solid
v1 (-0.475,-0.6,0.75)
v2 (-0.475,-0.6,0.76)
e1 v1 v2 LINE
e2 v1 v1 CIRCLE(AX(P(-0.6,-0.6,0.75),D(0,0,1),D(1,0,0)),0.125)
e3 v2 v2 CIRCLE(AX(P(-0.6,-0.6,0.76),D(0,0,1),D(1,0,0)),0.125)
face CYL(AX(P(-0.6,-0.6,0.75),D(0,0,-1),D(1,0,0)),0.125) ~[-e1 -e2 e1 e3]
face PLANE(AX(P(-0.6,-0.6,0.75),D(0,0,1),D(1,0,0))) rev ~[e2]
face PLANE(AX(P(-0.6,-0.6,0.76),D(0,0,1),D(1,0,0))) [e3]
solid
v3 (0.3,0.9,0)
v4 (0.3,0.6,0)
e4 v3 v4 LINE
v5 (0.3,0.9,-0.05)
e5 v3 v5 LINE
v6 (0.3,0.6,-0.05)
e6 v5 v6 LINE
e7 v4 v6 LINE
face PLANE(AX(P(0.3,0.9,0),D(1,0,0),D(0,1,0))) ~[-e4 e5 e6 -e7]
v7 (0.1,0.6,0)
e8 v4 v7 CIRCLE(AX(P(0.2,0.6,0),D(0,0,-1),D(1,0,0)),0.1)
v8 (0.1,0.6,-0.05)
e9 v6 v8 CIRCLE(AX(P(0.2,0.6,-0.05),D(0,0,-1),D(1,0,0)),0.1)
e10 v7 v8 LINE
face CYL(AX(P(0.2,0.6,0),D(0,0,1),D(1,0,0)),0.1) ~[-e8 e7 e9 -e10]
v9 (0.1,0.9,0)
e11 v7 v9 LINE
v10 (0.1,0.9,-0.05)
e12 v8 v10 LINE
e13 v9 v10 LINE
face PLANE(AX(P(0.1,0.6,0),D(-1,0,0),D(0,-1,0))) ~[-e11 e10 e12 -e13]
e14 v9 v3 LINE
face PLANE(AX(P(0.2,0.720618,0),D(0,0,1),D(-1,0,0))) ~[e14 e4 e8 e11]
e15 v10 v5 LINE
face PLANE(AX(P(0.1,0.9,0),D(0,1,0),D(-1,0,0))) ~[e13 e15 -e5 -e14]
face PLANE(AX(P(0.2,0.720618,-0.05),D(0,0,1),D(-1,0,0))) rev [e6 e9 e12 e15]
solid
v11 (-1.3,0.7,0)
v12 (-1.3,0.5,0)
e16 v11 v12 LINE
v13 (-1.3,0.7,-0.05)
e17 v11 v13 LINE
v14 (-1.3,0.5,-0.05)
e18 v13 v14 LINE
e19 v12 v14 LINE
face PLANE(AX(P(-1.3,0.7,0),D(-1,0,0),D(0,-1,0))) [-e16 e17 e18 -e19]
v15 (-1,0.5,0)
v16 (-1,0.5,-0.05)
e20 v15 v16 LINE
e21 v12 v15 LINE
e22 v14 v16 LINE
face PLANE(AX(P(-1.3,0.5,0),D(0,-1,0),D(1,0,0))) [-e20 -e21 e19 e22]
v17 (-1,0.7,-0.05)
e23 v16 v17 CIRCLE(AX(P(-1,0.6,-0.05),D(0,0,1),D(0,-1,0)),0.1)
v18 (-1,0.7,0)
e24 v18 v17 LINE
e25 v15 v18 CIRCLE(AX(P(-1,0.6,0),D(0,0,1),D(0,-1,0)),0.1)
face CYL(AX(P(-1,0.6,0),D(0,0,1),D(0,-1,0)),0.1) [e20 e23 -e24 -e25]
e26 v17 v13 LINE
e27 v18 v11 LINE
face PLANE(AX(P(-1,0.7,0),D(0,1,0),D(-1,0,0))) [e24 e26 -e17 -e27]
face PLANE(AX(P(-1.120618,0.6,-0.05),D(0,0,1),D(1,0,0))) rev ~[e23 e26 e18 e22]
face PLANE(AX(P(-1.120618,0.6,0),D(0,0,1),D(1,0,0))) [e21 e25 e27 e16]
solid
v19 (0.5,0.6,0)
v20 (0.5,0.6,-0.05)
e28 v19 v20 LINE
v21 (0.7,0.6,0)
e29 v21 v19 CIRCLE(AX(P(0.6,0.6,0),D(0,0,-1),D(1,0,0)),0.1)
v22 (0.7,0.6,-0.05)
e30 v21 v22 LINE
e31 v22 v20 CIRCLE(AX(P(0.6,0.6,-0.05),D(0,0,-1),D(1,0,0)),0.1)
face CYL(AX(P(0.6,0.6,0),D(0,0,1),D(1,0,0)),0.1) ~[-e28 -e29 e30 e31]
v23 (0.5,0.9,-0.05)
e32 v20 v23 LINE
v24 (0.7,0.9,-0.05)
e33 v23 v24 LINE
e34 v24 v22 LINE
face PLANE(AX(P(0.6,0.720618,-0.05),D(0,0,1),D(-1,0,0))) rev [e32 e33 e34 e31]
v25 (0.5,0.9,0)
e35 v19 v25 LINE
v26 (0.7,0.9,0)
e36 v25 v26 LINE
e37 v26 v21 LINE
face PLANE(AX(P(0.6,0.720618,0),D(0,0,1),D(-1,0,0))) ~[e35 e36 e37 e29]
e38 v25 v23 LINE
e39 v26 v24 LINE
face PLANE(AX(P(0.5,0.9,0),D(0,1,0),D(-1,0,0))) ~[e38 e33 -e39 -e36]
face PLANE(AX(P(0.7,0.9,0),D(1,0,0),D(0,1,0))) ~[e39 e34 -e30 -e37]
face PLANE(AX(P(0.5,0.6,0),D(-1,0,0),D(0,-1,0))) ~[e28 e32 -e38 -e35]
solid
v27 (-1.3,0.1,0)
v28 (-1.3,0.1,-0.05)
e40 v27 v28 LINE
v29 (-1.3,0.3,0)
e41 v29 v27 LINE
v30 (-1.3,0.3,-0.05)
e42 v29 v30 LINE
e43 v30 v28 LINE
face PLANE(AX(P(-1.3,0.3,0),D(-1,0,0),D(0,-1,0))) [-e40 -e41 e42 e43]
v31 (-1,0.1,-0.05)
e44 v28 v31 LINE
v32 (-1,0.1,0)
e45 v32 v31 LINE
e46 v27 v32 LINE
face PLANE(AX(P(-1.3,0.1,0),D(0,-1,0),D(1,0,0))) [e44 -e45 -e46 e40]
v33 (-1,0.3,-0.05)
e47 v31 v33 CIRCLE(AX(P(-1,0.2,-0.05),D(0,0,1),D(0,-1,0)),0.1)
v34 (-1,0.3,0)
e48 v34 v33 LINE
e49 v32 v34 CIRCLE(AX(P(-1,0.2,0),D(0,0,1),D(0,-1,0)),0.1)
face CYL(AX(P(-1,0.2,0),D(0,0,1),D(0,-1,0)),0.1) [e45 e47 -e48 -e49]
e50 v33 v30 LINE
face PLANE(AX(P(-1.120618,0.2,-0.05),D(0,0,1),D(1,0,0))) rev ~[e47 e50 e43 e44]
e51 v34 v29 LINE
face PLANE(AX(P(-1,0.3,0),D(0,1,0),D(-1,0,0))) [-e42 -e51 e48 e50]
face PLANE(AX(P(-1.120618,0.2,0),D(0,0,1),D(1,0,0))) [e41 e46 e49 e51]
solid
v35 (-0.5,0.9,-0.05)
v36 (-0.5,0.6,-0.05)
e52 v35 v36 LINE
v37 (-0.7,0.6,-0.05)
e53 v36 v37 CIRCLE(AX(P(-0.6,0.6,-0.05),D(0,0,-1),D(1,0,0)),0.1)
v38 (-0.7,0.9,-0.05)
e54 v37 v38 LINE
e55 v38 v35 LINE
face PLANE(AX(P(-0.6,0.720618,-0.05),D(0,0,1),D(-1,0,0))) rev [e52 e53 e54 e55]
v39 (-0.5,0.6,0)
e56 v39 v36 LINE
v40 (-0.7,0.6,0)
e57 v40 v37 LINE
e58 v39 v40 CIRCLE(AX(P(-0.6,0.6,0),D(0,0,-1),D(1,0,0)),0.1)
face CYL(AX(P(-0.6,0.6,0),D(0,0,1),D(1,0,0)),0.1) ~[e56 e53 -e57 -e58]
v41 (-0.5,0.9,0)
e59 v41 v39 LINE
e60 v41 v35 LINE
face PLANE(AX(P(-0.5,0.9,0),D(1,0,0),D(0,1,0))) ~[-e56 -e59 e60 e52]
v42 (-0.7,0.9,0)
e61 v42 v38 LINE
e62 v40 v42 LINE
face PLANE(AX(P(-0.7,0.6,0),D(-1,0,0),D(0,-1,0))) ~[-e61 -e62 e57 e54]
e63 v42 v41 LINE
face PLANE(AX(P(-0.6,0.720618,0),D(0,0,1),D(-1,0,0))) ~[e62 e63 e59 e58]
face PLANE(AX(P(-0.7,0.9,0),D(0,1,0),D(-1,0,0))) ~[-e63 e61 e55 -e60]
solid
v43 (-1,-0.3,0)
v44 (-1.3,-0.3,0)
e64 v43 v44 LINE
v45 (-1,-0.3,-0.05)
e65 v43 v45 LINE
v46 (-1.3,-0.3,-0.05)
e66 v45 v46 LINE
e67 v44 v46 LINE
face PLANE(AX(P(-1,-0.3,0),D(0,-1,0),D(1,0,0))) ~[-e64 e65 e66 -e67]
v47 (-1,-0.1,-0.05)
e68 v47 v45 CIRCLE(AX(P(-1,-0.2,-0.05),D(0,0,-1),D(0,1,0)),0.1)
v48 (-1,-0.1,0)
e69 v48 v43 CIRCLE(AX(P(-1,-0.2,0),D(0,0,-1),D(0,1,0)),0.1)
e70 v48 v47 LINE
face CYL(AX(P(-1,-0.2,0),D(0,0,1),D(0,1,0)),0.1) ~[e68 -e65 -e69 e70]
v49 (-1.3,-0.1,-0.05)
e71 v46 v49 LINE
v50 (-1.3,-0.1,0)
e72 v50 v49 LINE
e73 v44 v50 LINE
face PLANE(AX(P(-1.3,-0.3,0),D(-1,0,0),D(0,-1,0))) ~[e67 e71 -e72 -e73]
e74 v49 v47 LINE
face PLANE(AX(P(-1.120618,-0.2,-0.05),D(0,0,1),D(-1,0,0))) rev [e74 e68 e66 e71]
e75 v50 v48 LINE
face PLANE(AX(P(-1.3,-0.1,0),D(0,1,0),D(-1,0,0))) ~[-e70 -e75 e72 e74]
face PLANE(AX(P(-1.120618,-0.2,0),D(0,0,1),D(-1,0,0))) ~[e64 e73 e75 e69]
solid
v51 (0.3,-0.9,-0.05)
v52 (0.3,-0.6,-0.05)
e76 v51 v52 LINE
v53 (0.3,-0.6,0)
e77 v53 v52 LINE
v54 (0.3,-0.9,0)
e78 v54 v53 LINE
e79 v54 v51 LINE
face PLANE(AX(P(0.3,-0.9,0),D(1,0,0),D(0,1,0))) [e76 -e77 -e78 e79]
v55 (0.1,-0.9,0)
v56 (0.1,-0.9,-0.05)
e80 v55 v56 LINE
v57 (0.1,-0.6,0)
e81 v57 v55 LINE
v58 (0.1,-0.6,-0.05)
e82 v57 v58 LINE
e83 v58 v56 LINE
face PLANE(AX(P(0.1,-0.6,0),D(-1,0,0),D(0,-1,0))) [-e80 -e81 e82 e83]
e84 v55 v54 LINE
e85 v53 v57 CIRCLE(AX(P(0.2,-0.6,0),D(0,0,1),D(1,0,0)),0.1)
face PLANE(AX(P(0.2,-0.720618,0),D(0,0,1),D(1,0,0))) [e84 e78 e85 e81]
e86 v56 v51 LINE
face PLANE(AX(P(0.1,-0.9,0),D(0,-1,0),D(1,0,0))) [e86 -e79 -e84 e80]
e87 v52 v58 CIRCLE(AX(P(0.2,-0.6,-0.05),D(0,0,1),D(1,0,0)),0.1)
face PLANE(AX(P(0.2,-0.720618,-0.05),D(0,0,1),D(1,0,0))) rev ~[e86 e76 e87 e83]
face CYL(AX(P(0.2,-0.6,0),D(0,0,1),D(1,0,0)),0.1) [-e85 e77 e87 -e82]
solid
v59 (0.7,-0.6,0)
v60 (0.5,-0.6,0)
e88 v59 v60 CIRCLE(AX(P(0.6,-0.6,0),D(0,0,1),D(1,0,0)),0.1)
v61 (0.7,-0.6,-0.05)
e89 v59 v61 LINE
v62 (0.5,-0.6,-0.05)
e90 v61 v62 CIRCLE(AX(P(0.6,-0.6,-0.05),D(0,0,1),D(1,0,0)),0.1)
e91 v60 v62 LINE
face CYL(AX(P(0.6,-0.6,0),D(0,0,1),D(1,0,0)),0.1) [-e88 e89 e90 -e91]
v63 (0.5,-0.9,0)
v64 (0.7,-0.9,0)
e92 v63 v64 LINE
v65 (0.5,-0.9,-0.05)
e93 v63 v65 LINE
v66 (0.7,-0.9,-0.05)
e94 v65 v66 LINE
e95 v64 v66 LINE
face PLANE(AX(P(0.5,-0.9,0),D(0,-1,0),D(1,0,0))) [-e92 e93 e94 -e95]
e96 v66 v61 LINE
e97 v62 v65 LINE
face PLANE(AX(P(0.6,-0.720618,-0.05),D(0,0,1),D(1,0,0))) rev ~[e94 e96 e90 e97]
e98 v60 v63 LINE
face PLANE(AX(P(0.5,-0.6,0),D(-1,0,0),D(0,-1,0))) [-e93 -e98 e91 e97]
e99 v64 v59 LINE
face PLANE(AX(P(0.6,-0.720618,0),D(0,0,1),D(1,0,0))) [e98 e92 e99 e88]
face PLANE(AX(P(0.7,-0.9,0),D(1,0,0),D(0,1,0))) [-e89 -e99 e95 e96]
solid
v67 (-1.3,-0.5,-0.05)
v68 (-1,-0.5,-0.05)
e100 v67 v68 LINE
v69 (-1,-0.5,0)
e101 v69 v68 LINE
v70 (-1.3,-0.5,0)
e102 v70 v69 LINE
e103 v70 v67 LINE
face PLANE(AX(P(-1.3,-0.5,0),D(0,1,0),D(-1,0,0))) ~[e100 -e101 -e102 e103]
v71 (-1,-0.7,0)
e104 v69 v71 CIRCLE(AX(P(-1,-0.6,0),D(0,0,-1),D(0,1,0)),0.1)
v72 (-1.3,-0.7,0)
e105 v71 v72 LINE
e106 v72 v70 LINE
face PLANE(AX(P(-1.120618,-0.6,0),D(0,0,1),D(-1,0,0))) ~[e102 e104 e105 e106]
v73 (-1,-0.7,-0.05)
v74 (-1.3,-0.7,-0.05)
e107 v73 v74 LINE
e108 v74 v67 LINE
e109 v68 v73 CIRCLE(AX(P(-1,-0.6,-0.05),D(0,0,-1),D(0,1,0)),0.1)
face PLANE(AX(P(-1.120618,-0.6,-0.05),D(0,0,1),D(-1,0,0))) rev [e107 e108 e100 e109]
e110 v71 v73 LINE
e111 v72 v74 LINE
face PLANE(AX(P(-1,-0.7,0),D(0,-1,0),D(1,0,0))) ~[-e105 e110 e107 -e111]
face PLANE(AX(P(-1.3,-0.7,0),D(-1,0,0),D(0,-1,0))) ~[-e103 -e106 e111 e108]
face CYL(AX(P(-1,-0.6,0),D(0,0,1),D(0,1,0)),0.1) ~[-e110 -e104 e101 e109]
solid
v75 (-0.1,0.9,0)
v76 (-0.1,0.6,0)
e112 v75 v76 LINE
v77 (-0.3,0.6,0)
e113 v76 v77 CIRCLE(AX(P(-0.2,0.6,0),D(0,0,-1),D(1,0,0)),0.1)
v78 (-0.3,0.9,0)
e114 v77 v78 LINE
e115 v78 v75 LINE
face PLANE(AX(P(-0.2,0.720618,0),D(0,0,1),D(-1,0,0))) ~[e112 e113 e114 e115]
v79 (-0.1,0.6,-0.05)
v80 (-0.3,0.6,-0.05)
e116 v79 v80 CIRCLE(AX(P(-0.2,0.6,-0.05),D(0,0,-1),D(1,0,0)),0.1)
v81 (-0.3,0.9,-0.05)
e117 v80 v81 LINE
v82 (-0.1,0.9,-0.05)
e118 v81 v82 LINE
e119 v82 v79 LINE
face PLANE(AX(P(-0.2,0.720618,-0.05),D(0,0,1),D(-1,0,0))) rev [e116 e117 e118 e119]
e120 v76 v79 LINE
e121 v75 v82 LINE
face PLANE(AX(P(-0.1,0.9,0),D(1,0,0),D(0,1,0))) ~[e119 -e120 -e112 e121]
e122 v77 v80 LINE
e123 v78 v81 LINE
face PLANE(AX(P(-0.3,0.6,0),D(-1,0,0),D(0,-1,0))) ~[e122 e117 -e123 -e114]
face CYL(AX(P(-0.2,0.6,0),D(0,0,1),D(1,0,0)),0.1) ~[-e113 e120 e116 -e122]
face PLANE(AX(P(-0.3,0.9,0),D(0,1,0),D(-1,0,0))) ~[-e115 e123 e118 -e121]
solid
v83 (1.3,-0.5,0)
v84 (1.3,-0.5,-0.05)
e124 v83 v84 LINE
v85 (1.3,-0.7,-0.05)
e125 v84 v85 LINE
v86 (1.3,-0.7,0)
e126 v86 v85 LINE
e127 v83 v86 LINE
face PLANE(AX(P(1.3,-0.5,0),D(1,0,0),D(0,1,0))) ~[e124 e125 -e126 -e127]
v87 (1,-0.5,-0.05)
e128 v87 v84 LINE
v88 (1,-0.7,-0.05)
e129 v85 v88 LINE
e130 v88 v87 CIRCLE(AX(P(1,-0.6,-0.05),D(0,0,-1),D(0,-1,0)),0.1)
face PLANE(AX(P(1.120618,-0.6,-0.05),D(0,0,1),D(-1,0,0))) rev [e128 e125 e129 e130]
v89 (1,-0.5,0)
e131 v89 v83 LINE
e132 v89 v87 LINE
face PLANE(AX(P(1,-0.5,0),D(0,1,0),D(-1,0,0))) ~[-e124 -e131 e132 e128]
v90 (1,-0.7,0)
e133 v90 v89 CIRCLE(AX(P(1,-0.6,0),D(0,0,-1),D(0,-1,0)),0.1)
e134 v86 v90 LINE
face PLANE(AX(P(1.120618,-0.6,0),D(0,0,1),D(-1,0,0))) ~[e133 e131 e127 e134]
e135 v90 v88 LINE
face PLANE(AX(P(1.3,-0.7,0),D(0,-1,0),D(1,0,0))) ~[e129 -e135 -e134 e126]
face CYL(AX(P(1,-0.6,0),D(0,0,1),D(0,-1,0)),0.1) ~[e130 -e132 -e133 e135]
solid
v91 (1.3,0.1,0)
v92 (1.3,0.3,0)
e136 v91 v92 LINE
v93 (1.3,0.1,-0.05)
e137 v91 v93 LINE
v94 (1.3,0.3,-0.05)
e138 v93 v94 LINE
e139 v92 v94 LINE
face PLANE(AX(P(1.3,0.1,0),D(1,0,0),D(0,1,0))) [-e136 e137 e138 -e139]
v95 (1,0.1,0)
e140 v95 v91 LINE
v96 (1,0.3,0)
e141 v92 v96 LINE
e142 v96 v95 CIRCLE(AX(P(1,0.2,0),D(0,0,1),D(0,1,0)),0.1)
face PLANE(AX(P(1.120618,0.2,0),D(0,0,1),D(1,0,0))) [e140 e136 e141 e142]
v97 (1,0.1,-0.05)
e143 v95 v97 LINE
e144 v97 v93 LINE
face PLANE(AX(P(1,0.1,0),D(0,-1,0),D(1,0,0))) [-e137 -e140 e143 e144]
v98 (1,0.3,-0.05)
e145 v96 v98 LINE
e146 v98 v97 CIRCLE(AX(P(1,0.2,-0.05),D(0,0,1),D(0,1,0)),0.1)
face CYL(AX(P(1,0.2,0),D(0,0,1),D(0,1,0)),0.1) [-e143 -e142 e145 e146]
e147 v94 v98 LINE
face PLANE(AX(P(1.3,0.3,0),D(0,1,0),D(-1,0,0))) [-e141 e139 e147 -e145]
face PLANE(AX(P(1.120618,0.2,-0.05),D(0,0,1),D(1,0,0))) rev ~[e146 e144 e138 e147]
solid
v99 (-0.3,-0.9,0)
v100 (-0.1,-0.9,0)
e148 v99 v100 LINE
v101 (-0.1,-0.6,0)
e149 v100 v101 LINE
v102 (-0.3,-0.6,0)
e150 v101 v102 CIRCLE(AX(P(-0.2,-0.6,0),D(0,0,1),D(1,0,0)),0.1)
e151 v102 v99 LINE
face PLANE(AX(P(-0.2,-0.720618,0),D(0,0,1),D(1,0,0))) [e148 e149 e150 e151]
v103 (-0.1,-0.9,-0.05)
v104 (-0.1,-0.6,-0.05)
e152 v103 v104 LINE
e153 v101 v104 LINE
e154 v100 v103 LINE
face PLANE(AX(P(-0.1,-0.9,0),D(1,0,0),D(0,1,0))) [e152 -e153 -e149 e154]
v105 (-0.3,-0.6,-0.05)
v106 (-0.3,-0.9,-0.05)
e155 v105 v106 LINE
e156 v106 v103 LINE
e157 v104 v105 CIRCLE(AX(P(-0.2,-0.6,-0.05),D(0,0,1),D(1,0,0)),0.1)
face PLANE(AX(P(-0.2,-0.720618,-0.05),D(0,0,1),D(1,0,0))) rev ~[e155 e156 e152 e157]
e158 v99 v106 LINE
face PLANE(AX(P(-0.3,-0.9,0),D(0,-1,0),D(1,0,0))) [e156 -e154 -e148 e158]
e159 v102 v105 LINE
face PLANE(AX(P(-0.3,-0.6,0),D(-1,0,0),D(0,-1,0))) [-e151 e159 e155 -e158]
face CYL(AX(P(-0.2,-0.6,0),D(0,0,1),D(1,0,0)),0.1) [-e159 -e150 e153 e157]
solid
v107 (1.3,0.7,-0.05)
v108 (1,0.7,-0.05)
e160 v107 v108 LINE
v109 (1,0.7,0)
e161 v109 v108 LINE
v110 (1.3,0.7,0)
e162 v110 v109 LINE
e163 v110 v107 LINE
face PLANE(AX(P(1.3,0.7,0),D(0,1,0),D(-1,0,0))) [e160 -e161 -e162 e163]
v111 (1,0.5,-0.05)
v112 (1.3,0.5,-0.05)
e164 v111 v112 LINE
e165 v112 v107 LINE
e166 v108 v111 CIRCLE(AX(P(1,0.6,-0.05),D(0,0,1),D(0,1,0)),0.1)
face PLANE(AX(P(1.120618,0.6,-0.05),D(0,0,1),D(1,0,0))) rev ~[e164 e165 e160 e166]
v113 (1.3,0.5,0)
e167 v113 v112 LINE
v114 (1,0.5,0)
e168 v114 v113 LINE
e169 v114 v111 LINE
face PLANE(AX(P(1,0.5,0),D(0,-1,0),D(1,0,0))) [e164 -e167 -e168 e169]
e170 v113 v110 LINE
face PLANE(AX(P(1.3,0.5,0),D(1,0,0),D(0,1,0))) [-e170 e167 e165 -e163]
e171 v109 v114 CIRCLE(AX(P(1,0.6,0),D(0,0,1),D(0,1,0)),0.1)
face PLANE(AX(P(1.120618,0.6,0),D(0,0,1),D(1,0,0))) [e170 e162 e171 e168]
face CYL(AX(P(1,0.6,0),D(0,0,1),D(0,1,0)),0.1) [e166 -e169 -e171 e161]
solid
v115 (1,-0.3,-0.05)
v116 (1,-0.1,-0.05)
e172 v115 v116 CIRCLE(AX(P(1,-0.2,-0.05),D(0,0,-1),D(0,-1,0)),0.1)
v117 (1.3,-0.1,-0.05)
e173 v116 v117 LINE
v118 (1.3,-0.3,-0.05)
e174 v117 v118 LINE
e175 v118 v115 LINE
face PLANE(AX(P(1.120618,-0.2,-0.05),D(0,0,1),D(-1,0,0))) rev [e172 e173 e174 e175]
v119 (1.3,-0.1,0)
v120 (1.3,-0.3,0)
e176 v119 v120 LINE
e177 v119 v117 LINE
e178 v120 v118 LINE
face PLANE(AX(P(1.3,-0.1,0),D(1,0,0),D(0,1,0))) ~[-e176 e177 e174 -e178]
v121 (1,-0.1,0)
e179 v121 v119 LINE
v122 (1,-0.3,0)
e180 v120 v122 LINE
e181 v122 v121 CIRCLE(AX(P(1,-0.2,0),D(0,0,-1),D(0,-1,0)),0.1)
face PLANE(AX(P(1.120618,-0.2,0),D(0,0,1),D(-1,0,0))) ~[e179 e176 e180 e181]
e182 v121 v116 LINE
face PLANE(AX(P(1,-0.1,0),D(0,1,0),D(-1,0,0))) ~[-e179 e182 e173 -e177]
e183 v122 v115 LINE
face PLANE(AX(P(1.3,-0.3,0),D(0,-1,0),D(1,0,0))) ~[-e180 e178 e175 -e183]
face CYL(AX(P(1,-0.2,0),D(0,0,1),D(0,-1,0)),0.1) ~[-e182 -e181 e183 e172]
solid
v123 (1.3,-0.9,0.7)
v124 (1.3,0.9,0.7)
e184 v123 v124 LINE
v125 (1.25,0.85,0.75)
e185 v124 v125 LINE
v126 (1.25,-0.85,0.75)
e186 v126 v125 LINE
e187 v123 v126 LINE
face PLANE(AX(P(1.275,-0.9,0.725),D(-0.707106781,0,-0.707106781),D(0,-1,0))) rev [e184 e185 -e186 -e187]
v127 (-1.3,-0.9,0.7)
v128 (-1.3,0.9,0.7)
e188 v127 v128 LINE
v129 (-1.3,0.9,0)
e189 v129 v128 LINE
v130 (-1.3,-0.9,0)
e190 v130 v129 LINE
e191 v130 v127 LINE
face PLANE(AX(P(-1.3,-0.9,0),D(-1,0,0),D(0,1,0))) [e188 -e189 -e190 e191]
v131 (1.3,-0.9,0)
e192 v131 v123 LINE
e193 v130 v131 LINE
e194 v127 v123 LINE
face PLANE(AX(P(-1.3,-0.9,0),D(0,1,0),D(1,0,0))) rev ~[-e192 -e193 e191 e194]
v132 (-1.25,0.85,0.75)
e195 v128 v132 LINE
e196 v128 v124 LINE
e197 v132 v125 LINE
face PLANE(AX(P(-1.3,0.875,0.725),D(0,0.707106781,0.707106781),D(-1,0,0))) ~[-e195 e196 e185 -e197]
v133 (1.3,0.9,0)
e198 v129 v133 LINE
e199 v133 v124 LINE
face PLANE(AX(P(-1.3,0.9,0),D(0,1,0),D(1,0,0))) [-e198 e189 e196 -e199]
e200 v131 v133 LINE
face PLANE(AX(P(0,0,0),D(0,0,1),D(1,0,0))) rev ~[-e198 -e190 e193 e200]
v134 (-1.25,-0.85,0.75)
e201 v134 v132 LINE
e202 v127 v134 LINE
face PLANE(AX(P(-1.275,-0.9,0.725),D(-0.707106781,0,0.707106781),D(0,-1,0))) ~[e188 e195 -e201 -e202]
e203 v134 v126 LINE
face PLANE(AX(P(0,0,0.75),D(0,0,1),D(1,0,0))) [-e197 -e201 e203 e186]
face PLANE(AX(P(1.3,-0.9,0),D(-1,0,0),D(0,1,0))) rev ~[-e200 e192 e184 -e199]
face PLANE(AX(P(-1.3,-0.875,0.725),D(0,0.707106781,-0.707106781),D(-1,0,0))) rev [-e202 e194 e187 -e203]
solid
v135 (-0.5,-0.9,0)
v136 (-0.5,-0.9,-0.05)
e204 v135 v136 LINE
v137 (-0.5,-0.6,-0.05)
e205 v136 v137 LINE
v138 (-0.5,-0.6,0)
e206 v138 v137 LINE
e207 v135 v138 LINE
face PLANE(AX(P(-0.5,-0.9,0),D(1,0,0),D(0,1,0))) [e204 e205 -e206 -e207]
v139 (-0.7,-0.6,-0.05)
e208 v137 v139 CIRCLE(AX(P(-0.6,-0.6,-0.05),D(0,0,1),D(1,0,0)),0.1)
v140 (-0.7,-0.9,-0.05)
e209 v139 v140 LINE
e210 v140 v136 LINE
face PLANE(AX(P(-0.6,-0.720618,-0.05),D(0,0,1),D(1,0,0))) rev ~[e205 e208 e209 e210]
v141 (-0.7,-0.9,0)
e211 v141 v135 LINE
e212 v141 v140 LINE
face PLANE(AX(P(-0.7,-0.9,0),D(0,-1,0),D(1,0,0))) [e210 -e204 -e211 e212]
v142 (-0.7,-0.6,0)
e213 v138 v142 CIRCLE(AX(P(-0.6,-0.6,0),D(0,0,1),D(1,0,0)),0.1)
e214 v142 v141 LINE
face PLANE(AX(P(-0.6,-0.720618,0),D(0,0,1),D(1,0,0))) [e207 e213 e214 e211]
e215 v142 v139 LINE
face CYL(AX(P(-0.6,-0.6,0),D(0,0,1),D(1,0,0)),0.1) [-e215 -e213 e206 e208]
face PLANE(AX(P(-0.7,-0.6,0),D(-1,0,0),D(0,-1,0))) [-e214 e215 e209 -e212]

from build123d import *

# Parameters (mm, degrees)
F0_W     = 2.6
F0_H     = 1.8
F1_DEPTH = 0.75
F3_DEPTH = 0.05
F5_R     = 0.125
F6_DEPTH = 0.01
F7_SIZE  = 0.05


with BuildPart() as f1:
    # F0 (on Top) → F1 (new body)
    with BuildSketch(Plane.XY):
        Rectangle(F0_W, F0_H)
    extrude(amount=F1_DEPTH)

    # F7
    f7_edges = [f1.edges().sort_by_distance(p)[0] for p in [
        (0, -0.9, 0.75),
        (1.3, 0, 0.75),
        (0, 0.9, 0.75),
        (-1.3, 0, 0.75),
    ]]
    chamfer(f7_edges, length=F7_SIZE)


with BuildPart() as f3:
    # F2 (on Top) → F3 (new body)
    with BuildSketch(Plane.XY):
        with BuildLine():
            Line((-0.5, -0.9), (-0.5, -0.6))
            ThreePointArc((-0.5, -0.6), (-0.6, -0.5), (-0.7, -0.6))
            Line((-0.7, -0.6), (-0.7, -0.9))
            Line((-0.7, -0.9), (-0.5, -0.9))
        make_face()
        with BuildLine():
            Line((-0.1, -0.9), (-0.1, -0.6))
            ThreePointArc((-0.1, -0.6), (-0.2, -0.5), (-0.3, -0.6))
            Line((-0.3, -0.6), (-0.3, -0.9))
            Line((-0.3, -0.9), (-0.1, -0.9))
        make_face()
        with BuildLine():
            Line((0.3, -0.9), (0.3, -0.6))
            ThreePointArc((0.3, -0.6), (0.2, -0.5), (0.1, -0.6))
            Line((0.1, -0.6), (0.1, -0.9))
            Line((0.1, -0.9), (0.3, -0.9))
        make_face()
        with BuildLine():
            Line((0.7, -0.9), (0.7, -0.6))
            ThreePointArc((0.7, -0.6), (0.6, -0.5), (0.5, -0.6))
            Line((0.5, -0.6), (0.5, -0.9))
            Line((0.5, -0.9), (0.7, -0.9))
        make_face()
        with BuildLine():
            Line((-1.3, 0.5), (-1, 0.5))
            ThreePointArc((-1, 0.5), (-0.9, 0.6), (-1, 0.7))
            Line((-1, 0.7), (-1.3, 0.7))
            Line((-1.3, 0.7), (-1.3, 0.5))
        make_face()
        with BuildLine():
            Line((-1.3, 0.1), (-1, 0.1))
            ThreePointArc((-1, 0.1), (-0.9, 0.2), (-1, 0.3))
            Line((-1, 0.3), (-1.3, 0.3))
            Line((-1.3, 0.3), (-1.3, 0.1))
        make_face()
        with BuildLine():
            Line((1, 0.1), (1.3, 0.1))
            Line((1.3, 0.1), (1.3, 0.3))
            Line((1.3, 0.3), (1, 0.3))
            ThreePointArc((1, 0.3), (0.9, 0.2), (1, 0.1))
        make_face()
        with BuildLine():
            Line((1.3, 0.7), (1, 0.7))
            ThreePointArc((1, 0.7), (0.9, 0.6), (1, 0.5))
            Line((1, 0.5), (1.3, 0.5))
            Line((1.3, 0.5), (1.3, 0.7))
        make_face()
    extrude(amount=-F3_DEPTH)


with BuildPart() as f4_1:
    # F4: instance of F3
    add(f3.part.mirror(Plane.XZ))


with BuildPart() as f6:
    # F5 (on face) → F6 (new body)
    with BuildSketch(Plane.XY.offset(0.75)):
        with Locations((-0.6, -0.6)):
            Circle(F5_R)
    extrude(amount=F6_DEPTH)


solid = Compound([f1.part, f3.part, f4_1.part, f6.part])
